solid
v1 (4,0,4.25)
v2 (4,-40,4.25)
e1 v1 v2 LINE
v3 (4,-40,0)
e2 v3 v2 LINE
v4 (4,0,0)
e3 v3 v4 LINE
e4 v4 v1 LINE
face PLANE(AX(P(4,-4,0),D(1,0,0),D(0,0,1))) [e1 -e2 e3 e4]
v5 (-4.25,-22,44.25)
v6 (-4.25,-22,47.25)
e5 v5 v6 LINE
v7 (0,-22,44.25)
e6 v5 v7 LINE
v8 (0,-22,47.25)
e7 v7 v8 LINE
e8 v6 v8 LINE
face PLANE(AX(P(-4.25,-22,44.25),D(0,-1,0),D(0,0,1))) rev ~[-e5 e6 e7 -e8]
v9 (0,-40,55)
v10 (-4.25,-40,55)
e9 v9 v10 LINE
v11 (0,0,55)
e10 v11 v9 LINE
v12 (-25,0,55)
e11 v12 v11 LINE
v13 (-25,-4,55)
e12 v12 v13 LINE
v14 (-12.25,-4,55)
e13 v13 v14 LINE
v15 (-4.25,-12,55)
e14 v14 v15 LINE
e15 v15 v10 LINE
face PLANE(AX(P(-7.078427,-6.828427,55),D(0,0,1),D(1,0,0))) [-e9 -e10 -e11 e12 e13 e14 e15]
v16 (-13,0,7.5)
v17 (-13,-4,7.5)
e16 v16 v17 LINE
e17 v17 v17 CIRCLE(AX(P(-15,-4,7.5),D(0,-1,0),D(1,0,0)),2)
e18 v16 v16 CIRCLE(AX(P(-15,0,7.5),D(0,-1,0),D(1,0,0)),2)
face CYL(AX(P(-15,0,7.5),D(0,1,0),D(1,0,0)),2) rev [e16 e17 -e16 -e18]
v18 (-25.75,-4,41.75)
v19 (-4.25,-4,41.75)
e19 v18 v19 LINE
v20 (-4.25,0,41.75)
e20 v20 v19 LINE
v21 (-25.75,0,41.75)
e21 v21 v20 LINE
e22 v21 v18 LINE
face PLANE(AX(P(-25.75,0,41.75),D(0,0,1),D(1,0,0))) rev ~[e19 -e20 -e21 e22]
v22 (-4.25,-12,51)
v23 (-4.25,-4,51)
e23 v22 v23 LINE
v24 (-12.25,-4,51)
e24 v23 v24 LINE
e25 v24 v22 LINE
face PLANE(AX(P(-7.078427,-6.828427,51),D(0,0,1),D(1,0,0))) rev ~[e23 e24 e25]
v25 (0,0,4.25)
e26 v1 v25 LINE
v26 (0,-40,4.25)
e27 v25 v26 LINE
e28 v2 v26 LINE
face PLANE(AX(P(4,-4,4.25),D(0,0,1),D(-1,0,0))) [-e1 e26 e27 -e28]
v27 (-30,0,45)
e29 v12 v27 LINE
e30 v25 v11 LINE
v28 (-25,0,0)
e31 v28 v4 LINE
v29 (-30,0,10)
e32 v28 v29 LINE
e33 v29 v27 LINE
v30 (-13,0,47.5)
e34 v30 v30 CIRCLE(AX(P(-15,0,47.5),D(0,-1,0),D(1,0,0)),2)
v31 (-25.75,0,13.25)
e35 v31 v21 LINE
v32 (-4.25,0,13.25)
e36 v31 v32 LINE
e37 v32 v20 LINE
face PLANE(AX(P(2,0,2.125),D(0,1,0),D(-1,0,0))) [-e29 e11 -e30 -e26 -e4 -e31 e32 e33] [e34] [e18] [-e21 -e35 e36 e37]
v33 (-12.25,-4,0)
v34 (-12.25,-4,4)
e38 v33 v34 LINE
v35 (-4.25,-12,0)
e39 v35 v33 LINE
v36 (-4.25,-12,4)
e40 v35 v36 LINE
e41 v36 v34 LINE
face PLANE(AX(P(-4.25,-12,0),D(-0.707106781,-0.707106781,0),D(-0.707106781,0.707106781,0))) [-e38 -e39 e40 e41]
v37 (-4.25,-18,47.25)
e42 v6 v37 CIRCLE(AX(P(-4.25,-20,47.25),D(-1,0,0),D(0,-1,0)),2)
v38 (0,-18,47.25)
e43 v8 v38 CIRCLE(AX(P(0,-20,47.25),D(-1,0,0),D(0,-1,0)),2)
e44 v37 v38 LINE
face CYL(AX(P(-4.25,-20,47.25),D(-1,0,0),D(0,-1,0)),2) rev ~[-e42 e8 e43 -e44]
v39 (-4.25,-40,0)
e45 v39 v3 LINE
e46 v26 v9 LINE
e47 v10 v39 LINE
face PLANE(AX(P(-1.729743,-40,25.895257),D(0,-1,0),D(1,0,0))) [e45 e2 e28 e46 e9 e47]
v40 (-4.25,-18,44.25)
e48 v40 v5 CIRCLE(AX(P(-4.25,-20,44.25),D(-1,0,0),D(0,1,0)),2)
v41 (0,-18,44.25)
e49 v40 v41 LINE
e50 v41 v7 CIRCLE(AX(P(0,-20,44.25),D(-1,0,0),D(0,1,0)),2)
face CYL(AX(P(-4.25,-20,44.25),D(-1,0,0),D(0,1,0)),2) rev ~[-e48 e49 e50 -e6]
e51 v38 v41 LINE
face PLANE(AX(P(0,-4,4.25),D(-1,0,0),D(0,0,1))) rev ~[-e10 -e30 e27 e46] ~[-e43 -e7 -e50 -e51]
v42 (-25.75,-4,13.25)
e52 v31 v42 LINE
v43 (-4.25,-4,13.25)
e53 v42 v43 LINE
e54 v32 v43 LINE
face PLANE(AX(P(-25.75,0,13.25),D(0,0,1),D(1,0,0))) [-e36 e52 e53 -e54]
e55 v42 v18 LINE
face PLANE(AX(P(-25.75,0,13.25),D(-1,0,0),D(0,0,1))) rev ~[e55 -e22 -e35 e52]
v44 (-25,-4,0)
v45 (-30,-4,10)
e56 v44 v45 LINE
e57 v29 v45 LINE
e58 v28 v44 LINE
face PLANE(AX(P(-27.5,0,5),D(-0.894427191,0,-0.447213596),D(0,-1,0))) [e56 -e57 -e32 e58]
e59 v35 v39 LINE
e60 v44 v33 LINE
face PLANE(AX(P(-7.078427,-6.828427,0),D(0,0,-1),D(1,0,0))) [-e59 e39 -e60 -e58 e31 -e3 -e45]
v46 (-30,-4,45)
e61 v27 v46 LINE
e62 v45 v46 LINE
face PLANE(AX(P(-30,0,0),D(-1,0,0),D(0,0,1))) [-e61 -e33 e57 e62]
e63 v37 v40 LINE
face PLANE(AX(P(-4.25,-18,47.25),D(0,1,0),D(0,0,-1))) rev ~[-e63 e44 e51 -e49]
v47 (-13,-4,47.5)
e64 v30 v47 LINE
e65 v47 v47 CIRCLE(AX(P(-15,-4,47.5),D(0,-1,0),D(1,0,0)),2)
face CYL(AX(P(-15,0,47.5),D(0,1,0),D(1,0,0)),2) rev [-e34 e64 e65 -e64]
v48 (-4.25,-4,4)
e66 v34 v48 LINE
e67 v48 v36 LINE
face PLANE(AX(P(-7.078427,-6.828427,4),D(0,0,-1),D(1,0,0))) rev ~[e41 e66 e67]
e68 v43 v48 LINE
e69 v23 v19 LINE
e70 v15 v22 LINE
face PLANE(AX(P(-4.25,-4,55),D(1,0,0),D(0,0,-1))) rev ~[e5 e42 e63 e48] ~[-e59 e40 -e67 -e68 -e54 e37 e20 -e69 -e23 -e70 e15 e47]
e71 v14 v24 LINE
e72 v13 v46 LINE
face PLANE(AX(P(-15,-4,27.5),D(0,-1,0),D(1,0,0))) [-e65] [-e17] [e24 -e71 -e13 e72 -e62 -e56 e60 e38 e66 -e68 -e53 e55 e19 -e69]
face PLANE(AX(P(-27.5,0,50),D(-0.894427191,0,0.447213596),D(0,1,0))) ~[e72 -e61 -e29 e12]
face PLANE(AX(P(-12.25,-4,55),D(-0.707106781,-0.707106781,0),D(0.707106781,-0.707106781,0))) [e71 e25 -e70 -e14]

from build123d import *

# Parameters (mm, degrees)
F0_W      = 30
F0_H      = 55
F0_R      = 2
F0_W_2    = 21.5
F0_H_2    = 28.5
F1_DEPTH  = 4
F3_DEPTH  = 36
F5_DEPTH  = 4
F7_W      = 4
F7_H      = 4.25
F8_DEPTH  = 4
F10_DEPTH = 4
F11_DEPTH = 8.251
F12_SIZE2 = 10
F12_SIZE  = 5


with BuildPart() as f1:
    # F0 (on Front) → F1 (new body)
    with BuildSketch(Plane.XZ):
        with Locations((-15, 27.5)):
            Rectangle(F0_W, F0_H)
        with Locations((-15, 7.5)):
            Circle(F0_R, mode=Mode.SUBTRACT)
        with Locations((-15, 27.5)):
            Rectangle(F0_W_2, F0_H_2, mode=Mode.SUBTRACT)
        with Locations((-15, 47.5)):
            Circle(F0_R, mode=Mode.SUBTRACT)
    extrude(amount=F1_DEPTH)

    # F2 (on face) → F3 (join)
    with BuildSketch(Plane.XZ.offset(4)):
        Polygon((0, 4.25), (0, 55), (-4.25, 55), (-4.25, 0), (4, 0), (4, 4.25), align=None)
    extrude(amount=F3_DEPTH)

    # F4 (on face) → F5 (join)
    with BuildSketch(Plane.XY.offset(55)):
        Polygon((-4.25, -12), (-4.25, -4), (-12.25, -4), align=None)
    extrude(amount=-F5_DEPTH)

    # F7 (on face) → F8 (join)
    with BuildSketch(Plane(origin=(0, -4, 0), x_dir=(-1, 0, 0), z_dir=(0, 1, 0))):
        with Locations((-2, 2.125)):
            Rectangle(F7_W, F7_H)
    extrude(amount=F8_DEPTH)

    # F9 (on face) → F10 (join)
    with BuildSketch(Plane(origin=(0, 0, 0), x_dir=(1, 0, 0), z_dir=(0, 0, -1))):
        Polygon((-4.25, 12), (-12.25, 4), (-4.25, 4), align=None)
    extrude(amount=-F10_DEPTH)

    # F6 (on face) → F11 (cut, through all)
    with BuildSketch(Plane(origin=(-4.25, 0, 0), x_dir=(0, -1, 0), z_dir=(-1, 0, 0))):
        with BuildLine():
            ThreePointArc((22, 47.25), (20, 49.25), (18, 47.25))
            Line((18, 47.25), (18, 44.25))
            ThreePointArc((18, 44.25), (20, 42.25), (22, 44.25))
            Line((22, 44.25), (22, 47.25))
        make_face()
    extrude(amount=-F11_DEPTH, mode=Mode.SUBTRACT)

    # F12
    f12_edges = [f1.edges().sort_by_distance(p)[0] for p in [
        (-30, -2, 0),
        (-30, -2, 55),
    ]]
    chamfer(f12_edges, length=F12_SIZE, length2=F12_SIZE2)


solid = f1.part
